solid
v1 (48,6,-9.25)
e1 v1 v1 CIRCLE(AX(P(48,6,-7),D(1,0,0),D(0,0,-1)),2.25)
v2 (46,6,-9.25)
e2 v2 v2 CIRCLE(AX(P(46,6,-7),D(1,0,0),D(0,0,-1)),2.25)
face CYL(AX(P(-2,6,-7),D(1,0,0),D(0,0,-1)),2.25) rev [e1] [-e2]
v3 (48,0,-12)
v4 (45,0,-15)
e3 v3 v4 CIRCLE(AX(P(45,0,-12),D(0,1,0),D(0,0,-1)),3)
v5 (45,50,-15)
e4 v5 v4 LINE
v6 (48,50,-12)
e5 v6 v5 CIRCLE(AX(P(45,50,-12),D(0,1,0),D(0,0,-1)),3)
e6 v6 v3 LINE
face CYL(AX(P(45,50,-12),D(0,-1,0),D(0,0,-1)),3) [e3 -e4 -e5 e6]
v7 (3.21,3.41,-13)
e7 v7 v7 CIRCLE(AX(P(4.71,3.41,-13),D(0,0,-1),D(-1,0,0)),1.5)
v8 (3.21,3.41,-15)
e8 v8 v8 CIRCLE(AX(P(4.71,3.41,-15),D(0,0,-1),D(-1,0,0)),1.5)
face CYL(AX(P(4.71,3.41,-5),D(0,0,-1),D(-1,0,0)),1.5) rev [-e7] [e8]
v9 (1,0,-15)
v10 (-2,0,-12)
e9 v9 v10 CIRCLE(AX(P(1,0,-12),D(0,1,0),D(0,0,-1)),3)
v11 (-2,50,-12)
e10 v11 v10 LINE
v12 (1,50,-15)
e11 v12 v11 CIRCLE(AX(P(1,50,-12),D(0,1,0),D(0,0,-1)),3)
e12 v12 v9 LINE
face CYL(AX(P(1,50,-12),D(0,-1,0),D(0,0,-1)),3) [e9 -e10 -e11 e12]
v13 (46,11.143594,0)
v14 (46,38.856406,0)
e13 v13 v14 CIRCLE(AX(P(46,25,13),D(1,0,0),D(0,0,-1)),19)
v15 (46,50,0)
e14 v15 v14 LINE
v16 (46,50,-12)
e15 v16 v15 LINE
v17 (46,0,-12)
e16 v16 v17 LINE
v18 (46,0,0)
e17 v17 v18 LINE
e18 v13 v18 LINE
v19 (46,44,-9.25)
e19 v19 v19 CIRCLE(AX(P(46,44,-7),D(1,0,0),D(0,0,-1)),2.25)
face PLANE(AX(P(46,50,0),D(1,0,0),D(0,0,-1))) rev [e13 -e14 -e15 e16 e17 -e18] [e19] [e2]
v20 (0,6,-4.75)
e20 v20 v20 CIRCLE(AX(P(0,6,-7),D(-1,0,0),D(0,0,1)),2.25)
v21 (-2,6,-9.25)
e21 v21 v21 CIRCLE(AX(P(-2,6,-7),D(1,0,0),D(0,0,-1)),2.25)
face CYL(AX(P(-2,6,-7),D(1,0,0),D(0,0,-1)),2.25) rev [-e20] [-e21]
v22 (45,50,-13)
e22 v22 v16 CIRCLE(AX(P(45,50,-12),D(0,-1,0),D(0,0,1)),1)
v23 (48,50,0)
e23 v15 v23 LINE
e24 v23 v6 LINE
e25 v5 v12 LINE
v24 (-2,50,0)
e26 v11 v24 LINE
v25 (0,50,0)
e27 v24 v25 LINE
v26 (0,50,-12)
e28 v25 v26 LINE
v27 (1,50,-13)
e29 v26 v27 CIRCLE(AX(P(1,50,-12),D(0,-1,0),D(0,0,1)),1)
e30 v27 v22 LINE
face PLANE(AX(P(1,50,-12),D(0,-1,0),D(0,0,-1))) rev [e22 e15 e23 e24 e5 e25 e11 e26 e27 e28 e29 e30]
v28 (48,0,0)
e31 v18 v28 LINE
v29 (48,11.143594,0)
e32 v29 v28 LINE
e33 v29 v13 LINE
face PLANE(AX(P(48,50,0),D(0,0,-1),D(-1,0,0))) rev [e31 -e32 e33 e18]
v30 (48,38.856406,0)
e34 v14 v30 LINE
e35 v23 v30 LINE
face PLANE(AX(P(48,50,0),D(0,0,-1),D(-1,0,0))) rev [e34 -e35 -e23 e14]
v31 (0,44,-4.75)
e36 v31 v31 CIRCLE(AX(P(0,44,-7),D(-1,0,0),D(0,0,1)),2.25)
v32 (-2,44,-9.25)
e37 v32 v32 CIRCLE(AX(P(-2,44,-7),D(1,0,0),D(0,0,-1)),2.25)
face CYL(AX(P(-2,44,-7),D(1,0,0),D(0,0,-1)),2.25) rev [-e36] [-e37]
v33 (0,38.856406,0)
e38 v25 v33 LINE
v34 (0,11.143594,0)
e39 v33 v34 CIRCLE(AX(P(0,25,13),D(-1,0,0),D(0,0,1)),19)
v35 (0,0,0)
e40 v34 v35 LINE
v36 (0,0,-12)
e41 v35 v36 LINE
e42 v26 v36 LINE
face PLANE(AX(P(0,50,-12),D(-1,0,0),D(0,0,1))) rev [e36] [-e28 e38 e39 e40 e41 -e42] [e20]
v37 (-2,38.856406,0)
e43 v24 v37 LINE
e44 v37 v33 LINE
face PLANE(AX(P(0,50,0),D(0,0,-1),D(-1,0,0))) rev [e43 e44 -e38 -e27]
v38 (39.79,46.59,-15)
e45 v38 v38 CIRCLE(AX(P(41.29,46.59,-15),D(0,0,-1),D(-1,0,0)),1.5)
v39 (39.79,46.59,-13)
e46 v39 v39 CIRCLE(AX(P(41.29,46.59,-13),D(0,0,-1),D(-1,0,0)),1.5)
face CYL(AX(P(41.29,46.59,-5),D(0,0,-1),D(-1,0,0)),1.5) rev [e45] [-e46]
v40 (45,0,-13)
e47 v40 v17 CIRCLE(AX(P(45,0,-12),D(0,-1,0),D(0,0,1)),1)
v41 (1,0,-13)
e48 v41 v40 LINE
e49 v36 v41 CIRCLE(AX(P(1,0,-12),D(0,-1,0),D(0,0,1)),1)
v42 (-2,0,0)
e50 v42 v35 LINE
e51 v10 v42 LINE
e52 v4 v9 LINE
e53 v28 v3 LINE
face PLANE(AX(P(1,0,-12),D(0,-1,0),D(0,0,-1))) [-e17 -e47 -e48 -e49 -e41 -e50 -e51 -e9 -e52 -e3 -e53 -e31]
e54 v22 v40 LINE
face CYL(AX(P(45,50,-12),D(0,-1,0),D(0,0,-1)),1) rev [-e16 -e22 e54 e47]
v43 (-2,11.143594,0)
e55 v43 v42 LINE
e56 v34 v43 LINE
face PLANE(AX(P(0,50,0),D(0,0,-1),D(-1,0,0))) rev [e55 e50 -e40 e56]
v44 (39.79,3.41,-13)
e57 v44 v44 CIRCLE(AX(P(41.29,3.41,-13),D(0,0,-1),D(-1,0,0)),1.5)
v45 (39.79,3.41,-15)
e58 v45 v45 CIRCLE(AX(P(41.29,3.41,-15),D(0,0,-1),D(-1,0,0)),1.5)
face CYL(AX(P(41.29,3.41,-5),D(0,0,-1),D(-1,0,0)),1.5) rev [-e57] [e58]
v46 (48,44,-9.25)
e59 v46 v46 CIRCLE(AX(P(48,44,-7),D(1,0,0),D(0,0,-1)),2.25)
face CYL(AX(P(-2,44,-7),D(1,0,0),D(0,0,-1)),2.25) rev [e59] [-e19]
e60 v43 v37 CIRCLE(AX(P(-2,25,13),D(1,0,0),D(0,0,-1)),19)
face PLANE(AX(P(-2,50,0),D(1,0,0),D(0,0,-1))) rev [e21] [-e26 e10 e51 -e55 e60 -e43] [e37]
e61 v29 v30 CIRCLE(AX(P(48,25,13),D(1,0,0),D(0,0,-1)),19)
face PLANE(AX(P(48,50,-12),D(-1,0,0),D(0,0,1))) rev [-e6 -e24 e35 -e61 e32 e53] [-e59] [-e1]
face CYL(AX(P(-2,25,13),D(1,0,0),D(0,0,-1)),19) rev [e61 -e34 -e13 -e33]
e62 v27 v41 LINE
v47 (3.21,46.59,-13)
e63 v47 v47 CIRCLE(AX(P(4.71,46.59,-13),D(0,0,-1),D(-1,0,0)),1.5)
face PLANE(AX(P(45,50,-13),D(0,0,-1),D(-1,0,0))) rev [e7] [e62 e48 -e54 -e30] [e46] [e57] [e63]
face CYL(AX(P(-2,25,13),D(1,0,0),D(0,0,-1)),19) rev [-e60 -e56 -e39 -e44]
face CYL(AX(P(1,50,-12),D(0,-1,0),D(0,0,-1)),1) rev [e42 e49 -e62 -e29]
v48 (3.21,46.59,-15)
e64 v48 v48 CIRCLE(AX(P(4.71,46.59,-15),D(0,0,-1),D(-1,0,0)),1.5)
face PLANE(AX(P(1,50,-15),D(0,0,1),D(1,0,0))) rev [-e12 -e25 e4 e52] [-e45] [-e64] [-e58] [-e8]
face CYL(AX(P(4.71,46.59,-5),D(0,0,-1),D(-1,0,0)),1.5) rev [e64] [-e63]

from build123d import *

# Parameters (mm, degrees)
BOSS_EXTRUDE1_DEPTH = 50
SKETCH2_R           = 19
SKETCH2_R_2         = 2.25
CUT_EXTRUDE1_DEPTH  = 73.284161474
SKETCH3_R           = 1.5
CUT_EXTRUDE2_DEPTH  = 10


with BuildPart() as part:
    # Sketch1 → Boss-Extrude1 (new body)
    with BuildSketch(Plane(origin=(0, 0, 0), x_dir=(1, 0, 0), z_dir=(0, 1, 0))):
        with BuildLine():
            Line((-2, 0), (-2, 12))
            ThreePointArc((-2, 12), (-1.121320344, 14.121320344), (1, 15))
            Line((1, 15), (45, 15))
            ThreePointArc((45, 15), (47.121320344, 14.121320344), (48, 12))
            Line((48, 12), (48, 0))
            Line((48, 0), (46, 0))
            Line((46, 0), (46, 12))
            ThreePointArc((46, 12), (45.707106781, 12.707106781), (45, 13))
            Line((45, 13), (1, 13))
            ThreePointArc((1, 13), (0.292893219, 12.707106781), (0, 12))
            Line((0, 12), (0, 0))
            Line((0, 0), (-2, 0))
        make_face()
    extrude(amount=BOSS_EXTRUDE1_DEPTH)

    # Sketch2 → Cut-Extrude1 (cut, through all)
    with BuildSketch(Plane(origin=(48, 0, 0), x_dir=(0, 0, -1), z_dir=(1, 0, 0))):
        with Locations((-13, 25)):
            Circle(SKETCH2_R)
        with Locations((7, 44)):
            Circle(SKETCH2_R_2)
        with Locations((7, 6)):
            Circle(SKETCH2_R_2)
    extrude(amount=-CUT_EXTRUDE1_DEPTH, mode=Mode.SUBTRACT)

    # Sketch3 → Cut-Extrude2 (cut)
    with BuildSketch(Plane(origin=(0, 0, -15), x_dir=(-1, 0, 0), z_dir=(0, 0, -1))):
        with Locations((-41.29, 46.59)):
            Circle(SKETCH3_R)
        with Locations((-4.71, 46.59)):
            Circle(SKETCH3_R)
        with Locations((-4.71, 3.41)):
            Circle(SKETCH3_R)
        with Locations((-41.29, 3.41)):
            Circle(SKETCH3_R)
    extrude(amount=-CUT_EXTRUDE2_DEPTH, mode=Mode.SUBTRACT)


solid = part.part
